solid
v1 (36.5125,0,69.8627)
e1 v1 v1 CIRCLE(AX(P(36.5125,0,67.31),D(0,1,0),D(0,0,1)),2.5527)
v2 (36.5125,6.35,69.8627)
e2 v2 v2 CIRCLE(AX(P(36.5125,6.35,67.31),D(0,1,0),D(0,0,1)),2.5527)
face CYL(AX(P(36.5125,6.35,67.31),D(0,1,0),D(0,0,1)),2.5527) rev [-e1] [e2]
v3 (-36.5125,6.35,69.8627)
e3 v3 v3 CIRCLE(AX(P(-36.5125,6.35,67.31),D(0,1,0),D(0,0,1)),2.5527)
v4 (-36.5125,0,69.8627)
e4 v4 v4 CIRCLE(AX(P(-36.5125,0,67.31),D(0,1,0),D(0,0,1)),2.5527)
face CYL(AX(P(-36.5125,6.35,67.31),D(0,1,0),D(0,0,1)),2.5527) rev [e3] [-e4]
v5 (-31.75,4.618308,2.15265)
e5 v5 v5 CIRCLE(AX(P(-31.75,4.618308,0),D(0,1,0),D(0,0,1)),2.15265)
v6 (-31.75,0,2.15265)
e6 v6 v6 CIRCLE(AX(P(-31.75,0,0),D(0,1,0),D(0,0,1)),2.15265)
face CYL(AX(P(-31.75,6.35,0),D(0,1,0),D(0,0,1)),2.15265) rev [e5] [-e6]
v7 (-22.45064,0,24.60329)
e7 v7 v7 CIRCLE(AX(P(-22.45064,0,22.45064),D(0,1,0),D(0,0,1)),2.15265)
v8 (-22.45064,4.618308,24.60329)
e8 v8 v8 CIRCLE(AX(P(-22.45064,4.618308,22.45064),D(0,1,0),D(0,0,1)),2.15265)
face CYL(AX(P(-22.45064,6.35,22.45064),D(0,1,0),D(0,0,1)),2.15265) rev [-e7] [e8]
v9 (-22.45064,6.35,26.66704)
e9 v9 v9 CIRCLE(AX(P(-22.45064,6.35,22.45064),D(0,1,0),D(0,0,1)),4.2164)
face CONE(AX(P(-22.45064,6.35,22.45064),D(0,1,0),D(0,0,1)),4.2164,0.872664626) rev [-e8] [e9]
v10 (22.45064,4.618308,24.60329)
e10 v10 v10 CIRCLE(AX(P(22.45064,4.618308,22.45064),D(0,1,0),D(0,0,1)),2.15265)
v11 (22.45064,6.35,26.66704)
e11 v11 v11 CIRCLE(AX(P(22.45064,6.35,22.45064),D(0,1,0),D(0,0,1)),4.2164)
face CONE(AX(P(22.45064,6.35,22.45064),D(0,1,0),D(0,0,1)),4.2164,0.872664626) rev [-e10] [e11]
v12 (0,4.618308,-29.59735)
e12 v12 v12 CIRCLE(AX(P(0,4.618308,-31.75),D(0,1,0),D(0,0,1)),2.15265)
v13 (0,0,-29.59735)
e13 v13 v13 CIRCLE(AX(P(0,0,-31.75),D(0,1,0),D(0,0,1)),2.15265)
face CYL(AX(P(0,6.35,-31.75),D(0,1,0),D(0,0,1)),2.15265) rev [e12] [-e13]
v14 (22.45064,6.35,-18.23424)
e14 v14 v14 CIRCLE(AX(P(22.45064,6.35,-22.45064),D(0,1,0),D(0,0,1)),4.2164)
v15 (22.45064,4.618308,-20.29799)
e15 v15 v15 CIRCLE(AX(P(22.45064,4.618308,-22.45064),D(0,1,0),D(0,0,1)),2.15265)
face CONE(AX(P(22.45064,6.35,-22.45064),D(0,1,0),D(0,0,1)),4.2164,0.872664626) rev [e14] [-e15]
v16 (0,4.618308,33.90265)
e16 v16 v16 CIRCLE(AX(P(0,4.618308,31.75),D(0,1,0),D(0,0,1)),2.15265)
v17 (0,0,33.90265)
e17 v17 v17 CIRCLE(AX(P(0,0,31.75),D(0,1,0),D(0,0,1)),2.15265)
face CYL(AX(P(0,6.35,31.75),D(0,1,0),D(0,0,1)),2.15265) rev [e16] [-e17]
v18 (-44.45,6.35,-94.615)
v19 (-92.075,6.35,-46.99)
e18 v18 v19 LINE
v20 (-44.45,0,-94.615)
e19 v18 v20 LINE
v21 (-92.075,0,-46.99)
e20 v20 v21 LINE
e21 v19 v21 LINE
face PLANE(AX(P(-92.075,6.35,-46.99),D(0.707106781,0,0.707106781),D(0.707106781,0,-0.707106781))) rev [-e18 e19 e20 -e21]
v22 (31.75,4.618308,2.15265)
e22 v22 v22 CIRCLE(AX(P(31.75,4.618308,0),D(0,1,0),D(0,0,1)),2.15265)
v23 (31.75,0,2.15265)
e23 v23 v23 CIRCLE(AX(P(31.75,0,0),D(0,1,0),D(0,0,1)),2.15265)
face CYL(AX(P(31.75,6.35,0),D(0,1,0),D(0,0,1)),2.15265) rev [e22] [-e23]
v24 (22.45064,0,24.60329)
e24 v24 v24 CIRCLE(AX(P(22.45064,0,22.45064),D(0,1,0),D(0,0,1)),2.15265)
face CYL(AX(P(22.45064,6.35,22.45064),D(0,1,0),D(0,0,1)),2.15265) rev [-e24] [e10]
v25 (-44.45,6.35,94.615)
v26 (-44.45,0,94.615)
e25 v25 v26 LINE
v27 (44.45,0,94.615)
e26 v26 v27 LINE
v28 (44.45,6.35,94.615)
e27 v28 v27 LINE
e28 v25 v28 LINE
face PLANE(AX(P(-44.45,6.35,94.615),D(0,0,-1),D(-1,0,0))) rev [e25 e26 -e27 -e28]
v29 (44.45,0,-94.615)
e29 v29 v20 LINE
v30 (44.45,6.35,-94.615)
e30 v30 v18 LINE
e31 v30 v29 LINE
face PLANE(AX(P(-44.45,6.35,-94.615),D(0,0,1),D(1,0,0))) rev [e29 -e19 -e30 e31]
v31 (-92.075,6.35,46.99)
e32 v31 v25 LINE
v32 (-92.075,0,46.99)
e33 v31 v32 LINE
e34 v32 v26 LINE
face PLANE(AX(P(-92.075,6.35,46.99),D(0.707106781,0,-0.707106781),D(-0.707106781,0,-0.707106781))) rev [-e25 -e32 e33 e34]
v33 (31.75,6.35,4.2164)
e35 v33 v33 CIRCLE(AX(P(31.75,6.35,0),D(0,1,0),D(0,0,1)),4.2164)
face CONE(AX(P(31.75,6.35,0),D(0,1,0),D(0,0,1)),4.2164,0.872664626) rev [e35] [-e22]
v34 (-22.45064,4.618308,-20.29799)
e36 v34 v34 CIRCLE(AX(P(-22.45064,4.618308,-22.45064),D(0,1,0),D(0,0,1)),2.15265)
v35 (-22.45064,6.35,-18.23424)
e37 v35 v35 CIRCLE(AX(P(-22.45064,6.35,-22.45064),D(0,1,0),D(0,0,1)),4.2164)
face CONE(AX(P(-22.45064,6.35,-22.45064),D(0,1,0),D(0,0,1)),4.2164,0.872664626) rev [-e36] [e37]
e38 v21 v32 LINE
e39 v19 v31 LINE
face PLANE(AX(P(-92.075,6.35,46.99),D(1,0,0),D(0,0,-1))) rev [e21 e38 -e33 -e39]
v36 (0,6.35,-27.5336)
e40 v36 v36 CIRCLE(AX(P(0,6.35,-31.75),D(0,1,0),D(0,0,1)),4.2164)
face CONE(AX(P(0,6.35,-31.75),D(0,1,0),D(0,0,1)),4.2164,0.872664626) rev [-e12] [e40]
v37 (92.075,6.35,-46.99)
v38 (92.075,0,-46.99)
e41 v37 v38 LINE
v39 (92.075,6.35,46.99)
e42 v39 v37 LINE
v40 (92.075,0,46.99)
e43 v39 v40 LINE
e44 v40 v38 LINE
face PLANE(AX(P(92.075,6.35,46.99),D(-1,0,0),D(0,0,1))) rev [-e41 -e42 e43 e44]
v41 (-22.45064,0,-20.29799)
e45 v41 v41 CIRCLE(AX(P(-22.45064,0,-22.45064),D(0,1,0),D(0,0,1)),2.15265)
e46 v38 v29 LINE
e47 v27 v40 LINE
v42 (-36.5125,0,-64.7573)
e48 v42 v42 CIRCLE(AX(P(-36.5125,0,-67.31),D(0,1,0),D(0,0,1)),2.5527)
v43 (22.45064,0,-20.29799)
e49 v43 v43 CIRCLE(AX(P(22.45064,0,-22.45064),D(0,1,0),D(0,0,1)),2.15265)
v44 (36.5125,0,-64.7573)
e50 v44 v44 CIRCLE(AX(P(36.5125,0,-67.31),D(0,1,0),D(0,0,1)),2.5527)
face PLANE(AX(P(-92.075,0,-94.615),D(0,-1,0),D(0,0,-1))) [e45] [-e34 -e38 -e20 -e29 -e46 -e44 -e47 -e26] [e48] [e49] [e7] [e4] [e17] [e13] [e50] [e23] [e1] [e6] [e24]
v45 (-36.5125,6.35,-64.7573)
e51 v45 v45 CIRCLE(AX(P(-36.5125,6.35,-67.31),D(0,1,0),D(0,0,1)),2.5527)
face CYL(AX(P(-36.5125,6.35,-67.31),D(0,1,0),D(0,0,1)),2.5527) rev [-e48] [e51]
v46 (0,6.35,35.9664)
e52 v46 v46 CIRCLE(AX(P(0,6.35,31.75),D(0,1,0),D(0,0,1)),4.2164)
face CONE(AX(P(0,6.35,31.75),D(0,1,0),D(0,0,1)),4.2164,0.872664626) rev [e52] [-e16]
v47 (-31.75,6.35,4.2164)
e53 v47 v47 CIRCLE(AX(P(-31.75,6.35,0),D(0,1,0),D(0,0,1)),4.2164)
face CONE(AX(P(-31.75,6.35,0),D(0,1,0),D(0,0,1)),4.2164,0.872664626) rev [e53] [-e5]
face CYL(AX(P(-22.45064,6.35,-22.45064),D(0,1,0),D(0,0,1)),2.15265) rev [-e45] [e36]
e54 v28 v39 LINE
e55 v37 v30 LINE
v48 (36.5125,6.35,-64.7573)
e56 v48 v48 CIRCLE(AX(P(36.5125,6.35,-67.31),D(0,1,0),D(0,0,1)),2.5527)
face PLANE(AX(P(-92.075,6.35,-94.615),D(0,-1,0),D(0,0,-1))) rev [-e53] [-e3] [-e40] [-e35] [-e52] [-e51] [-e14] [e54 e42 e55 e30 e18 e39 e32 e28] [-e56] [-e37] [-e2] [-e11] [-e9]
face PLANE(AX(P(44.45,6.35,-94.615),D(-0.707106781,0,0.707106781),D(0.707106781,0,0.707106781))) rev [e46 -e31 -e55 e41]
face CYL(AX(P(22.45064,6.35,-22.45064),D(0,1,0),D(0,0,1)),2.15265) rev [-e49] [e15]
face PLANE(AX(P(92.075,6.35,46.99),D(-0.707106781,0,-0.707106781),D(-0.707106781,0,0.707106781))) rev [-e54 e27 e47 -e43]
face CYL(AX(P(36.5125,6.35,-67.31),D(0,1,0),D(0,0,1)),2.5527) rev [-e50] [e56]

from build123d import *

# Parameters (mm, degrees)
BOSS_EXTRUDE1_DEPTH                               = 6.35
F_7_0_201_DIAMETER_HOLE1_D                        = 5.1054
CIRPATTERN1_COUNT                                 = 2
CSK_FOR_8_FLAT_HEAD_MACHINE_SCREW_100_D           = 4.3053
CSK_FOR_8_FLAT_HEAD_MACHINE_SCREW_100_CSINK_D     = 8.4328
CSK_FOR_8_FLAT_HEAD_MACHINE_SCREW_100_CSINK_ANGLE = 100
CIRPATTERN2_COUNT                                 = 8


with BuildPart() as part:
    # Sketch1 → Boss-Extrude1 (new body)
    with BuildSketch(Plane(origin=(0, 0, 0), x_dir=(1, 0, 0), z_dir=(0, 1, 0))):
        Polygon((-92.075, 46.99), (-44.45, 94.615), (44.45, 94.615), (92.075, 46.99), (92.075, -46.99), (44.45, -94.615), (-44.45, -94.615), (-92.075, -46.99), align=None)
    extrude(amount=BOSS_EXTRUDE1_DEPTH)

    # #7 (0.201) Diameter Hole1 (through all)
    with Locations(Plane(origin=(0, 6.35, 0), x_dir=(-1, 0, 0), z_dir=(0, 1, 0))):
        with Locations((36.5125, -67.31), (-36.5125, -67.31)):
            f_7_0_201_diameter_hole1 = Hole(F_7_0_201_DIAMETER_HOLE1_D / 2)

    # CirPattern1: #7 (0.201) Diameter Hole1 ×2 about axis
    cirpattern1_axis = Axis((0, 0, 0), (0, 1, 0))
    for i in range(1, CIRPATTERN1_COUNT):
        add(f_7_0_201_diameter_hole1.rotate(cirpattern1_axis, i * 360 / CIRPATTERN1_COUNT), mode=Mode.SUBTRACT)

    # CSK for #8 Flat Head Machine Screw (100)1 (through all)
    with Locations(Plane(origin=(0, 6.35, 0), x_dir=(-1, 0, 0), z_dir=(0, 1, 0))):
        with Locations((0, 31.75)):
            csk_for_8_flat_head_machine_screw_100 = CounterSinkHole(CSK_FOR_8_FLAT_HEAD_MACHINE_SCREW_100_D / 2, CSK_FOR_8_FLAT_HEAD_MACHINE_SCREW_100_CSINK_D / 2, counter_sink_angle=CSK_FOR_8_FLAT_HEAD_MACHINE_SCREW_100_CSINK_ANGLE)

    # CirPattern2: CSK for #8 Flat Head Machine Screw (100)1 ×8 about axis
    cirpattern2_axis = Axis((0, 0, 0), (0, 1, 0))
    for i in range(1, CIRPATTERN2_COUNT):
        add(csk_for_8_flat_head_machine_screw_100.rotate(cirpattern2_axis, i * 360 / CIRPATTERN2_COUNT), mode=Mode.SUBTRACT)


solid = part.part
